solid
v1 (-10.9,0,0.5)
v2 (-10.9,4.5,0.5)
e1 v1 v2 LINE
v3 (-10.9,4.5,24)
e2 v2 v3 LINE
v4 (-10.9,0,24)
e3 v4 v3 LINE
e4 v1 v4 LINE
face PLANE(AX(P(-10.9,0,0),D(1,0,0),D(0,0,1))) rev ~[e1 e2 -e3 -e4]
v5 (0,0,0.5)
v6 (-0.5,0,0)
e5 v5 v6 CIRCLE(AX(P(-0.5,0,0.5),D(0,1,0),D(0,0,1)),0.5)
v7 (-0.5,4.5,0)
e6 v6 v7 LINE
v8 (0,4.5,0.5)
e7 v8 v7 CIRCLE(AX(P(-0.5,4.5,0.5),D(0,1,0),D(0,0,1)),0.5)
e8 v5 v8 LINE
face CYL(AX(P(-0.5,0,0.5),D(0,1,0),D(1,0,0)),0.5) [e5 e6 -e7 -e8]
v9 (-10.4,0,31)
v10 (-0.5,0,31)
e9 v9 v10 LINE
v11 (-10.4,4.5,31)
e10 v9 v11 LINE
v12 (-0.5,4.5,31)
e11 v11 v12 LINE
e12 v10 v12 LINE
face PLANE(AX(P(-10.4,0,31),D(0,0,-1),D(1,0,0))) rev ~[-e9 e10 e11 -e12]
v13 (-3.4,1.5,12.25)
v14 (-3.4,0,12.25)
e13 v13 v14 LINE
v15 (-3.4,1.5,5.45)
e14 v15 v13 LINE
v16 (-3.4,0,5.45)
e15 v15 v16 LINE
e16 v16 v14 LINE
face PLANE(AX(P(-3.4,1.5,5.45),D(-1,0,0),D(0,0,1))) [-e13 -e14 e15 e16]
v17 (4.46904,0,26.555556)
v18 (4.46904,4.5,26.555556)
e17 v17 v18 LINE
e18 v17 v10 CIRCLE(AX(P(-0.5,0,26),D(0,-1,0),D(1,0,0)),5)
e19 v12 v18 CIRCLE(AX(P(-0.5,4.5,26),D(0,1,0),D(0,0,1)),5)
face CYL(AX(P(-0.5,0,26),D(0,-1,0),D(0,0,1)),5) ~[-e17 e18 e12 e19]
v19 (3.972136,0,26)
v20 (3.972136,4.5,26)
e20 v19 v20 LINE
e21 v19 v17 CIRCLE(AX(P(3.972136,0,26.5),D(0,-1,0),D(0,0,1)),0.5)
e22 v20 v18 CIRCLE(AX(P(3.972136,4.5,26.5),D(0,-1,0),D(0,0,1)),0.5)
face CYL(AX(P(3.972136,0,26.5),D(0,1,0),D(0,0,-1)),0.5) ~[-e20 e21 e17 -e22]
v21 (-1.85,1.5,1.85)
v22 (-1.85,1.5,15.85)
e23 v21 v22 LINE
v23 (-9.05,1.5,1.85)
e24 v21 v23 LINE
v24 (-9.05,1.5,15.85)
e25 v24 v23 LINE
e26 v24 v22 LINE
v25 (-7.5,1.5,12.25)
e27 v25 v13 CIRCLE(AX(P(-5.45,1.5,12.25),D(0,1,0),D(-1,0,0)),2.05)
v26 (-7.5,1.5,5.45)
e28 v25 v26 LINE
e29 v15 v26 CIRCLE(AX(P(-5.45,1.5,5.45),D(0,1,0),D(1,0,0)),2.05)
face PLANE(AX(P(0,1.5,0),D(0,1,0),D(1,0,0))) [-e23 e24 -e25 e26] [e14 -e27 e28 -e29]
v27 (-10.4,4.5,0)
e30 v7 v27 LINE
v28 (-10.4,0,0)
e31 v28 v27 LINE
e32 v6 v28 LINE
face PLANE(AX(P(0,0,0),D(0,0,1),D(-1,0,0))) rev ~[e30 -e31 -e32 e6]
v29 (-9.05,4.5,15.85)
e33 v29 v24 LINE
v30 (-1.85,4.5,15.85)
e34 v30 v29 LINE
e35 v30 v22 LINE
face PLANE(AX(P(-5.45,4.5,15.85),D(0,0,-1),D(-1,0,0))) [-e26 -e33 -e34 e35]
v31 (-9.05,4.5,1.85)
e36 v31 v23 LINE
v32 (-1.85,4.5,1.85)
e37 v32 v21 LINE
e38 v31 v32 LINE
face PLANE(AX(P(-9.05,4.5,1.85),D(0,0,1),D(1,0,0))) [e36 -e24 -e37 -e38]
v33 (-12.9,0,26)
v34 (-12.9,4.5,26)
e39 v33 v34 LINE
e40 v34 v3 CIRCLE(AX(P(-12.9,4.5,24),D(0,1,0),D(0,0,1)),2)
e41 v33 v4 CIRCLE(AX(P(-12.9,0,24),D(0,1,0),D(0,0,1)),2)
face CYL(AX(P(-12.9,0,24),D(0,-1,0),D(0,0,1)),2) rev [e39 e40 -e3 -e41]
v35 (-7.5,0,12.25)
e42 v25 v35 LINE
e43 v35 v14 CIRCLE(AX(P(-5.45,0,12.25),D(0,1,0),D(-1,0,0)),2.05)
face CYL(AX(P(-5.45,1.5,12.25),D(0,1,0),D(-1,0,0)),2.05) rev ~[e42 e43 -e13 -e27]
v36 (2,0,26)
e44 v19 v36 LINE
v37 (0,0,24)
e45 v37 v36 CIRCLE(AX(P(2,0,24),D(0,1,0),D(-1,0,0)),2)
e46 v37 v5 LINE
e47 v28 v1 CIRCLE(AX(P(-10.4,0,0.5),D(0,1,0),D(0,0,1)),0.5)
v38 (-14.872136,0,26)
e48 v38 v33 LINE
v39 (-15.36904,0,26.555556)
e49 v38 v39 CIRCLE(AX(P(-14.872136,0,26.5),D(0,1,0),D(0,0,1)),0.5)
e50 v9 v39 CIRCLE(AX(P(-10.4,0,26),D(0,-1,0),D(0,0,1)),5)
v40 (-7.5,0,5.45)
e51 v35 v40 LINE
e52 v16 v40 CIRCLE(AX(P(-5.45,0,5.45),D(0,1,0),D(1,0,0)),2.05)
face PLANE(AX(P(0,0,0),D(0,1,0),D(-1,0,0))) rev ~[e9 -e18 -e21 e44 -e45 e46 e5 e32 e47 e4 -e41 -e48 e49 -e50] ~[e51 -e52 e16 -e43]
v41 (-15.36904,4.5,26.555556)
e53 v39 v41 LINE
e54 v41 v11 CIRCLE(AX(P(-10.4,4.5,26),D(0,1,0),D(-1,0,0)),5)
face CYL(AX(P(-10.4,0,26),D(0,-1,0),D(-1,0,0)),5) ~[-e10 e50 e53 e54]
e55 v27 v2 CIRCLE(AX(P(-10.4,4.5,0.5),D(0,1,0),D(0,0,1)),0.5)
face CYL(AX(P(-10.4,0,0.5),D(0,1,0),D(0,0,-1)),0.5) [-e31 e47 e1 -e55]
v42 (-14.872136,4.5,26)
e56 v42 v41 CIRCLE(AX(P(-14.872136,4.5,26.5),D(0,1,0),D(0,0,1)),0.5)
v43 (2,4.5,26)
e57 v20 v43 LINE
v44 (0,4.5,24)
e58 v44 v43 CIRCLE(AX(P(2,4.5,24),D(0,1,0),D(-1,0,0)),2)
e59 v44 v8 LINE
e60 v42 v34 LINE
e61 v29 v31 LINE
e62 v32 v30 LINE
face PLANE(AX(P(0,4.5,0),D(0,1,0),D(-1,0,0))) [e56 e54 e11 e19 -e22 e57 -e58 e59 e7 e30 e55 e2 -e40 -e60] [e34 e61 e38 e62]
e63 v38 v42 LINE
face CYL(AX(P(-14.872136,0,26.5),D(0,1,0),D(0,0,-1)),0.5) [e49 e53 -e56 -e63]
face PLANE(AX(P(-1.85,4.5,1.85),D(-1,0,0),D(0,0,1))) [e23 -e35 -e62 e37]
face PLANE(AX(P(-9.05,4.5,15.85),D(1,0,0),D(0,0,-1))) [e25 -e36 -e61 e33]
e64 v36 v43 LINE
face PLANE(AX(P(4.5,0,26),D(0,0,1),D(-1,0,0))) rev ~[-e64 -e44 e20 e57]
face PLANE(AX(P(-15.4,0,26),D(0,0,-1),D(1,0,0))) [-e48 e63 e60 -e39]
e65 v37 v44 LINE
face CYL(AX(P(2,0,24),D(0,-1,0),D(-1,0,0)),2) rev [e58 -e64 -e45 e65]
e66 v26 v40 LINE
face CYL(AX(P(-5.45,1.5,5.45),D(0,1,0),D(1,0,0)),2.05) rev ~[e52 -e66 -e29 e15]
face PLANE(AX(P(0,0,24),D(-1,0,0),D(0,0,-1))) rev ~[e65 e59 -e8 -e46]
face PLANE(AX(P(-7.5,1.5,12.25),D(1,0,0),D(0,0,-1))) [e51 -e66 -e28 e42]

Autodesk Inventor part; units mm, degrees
ref_plane "YZ Plane" through (0, 0, 0) normal (1, 0, 0) x (0, 1, 0)
ref_plane "XZ Plane" through (0, 0, 0) normal (0, 1, 0) x (-1, 0, 0)
ref_plane "XY Plane" through (0, 0, 0) normal (0, 0, 1) x (1, 0, 0)
sketch "Boceto1" plane through (0, 0, 0) normal (0, 1, 0) x (-1, 0, 0)
  line L0 (0, 0) -> (10.9, 0)
  line L1 (10.9, 0) -> (10.9, 24)
  line L2 (10.9, 31) -> (0, 31)
  line L3 (0, 24) -> (0, 0)
  line L4 (10.9, 31) -> (10.4, 31)
  line L5 (15.4, 26) -> (15.4, 26)
  line L6 (15.4, 26) -> (12.9, 26)
  line L7 (10.9, 26) -> (10.9, 31)
  line L8 (0, 31) -> (0.5, 31)
  line L9 (-4.5, 26) -> (-4.5, 26)
  line L10 (-4.5, 26) -> (-2, 26)
  line L11 (0, 26) -> (0, 31)
  arc A0 (15.4, 26) -> (10.4, 31) centre (10.4, 26) ccw
  arc A1 (0.5, 31) -> (-4.5, 26) centre (0.5, 26) ccw
  arc A2 (12.9, 26) -> (10.9, 24) centre (12.9, 24) ccw
  arc A3 (0, 24) -> (-2, 26) centre (-2, 24) ccw
  point P0 (15.4, 31)
  point P1 (-4.5, 31)
  dimension "d0" = 10.9
  dimension "d1" = 31
  dimension "d2" = 4.5
  dimension "d3" = 5
  dimension "d4" = 4.5
  dimension "d5" = 5
  dimension "d7" = 5
  dimension "d8" = 5
  dimension "d9" = 2
extrude "Extrusión1" add sketch "Boceto1" along normal blind 4.5 contours L3 A3 L10 A1 L2 A0 L6 A2 L1 L0
sketch "Boceto2" plane through (0, 4.5, 0) normal (0, 1, 0) x (1, 0, 0)
  arc A0 (-15.4, -26) -> (-10.4, -31) centre (-10.4, -26) ccw projected
  line L0 (-10.4, -31) -> (-0.5, -31) projected
  arc A1 (-0.5, -31) -> (4.5, -26) centre (-0.5, -26) ccw projected
  line L1 (4.5, -26) -> (2, -26) projected
  arc A2 (0, -24) -> (2, -26) centre (2, -24) ccw projected
  line L2 (0, -24) -> (0, 0) projected
  line L3 (0, 0) -> (-10.9, 0) projected
  line L4 (-10.9, 0) -> (-10.9, -24) projected
  arc A3 (-12.9, -26) -> (-10.9, -24) centre (-12.9, -24) ccw projected
  line L5 (-12.9, -26) -> (-15.4, -26) projected
  line L6 (-9.05, -24) -> (-9.05, -1.85)
  line L7 (-9.05, -1.85) -> (-1.85, -1.85)
  line L8 (-1.85, -1.85) -> (-1.85, -24)
  arc A4 (-1.85, -24) -> (2, -27.85) centre (2, -24) ccw
  line L9 (2, -27.85) -> (2.0495, -27.85)
  arc A5 (-0.5, -29.15) -> (2.0495, -27.85) centre (-0.5, -26) ccw
  line L10 (-0.5, -29.15) -> (-10.4, -29.15)
  arc A6 (-12.9495, -27.85) -> (-10.4, -29.15) centre (-10.4, -26) ccw
  line L11 (-12.9495, -27.85) -> (-12.9, -27.85)
  arc A7 (-12.9, -27.85) -> (-9.05, -24) centre (-12.9, -24) ccw
  line L12 (-5.45, -1.85) -> (-5.45, -15.85)
  line L13 (-5.45, -15.85) -> (-9.05, -15.85)
  line L14 (-5.45, -15.85) -> (-1.85, -15.85)
  dimension "d14" = 7.2
  dimension "d15" = 14
extrude "Extrusión2" cut sketch "Boceto2" against normal blind 3 contours L6 L7 L12 L13 | L12 L7 L8 L14
sketch "Boceto3" plane through (0, 1.5, 0) normal (0, 1, 0) x (1, 0, 0)
  line L0 (-1.85, -1.85) -> (-1.85, -15.85) projected
  line L1 (-9.05, -1.85) -> (-1.85, -1.85) projected
  line L2 (-9.05, -15.85) -> (-9.05, -1.85) projected
  line L3 (-1.85, -15.85) -> (-9.05, -15.85) projected
  line L4 (-5.45, -3.4) -> (-5.45, -3.4)
  line L5 (-3.4, -5.45) -> (-3.4, -12.25)
  line L6 (-5.45, -14.3) -> (-5.45, -14.3)
  line L7 (-7.5, -12.25) -> (-7.5, -5.45)
  arc A0 (-5.45, -3.4) -> (-7.5, -5.45) centre (-5.45, -5.45) ccw
  arc A1 (-5.45, -14.3) -> (-3.4, -12.25) centre (-5.45, -12.25) ccw
  arc A2 (-7.5, -12.25) -> (-5.45, -14.3) centre (-5.45, -12.25) ccw
  arc A3 (-3.4, -5.45) -> (-5.45, -3.4) centre (-5.45, -5.45) ccw
  point P0 (0, 0)
  dimension "d18" = 4.1
  dimension "d19" = 2.05
extrude "Extrusión3" cut sketch "Boceto3" against normal blind 3 contours L5 A1 A2 L7 A0 A3
fillet "Empalme1" radius 0.5 4 edges at (0, 2.25, 0) (-10.9, 2.25, 0) (4.5, 2.25, 26) (-15.4, 2.25, 26)
properties part number "Cierre ventanas"
